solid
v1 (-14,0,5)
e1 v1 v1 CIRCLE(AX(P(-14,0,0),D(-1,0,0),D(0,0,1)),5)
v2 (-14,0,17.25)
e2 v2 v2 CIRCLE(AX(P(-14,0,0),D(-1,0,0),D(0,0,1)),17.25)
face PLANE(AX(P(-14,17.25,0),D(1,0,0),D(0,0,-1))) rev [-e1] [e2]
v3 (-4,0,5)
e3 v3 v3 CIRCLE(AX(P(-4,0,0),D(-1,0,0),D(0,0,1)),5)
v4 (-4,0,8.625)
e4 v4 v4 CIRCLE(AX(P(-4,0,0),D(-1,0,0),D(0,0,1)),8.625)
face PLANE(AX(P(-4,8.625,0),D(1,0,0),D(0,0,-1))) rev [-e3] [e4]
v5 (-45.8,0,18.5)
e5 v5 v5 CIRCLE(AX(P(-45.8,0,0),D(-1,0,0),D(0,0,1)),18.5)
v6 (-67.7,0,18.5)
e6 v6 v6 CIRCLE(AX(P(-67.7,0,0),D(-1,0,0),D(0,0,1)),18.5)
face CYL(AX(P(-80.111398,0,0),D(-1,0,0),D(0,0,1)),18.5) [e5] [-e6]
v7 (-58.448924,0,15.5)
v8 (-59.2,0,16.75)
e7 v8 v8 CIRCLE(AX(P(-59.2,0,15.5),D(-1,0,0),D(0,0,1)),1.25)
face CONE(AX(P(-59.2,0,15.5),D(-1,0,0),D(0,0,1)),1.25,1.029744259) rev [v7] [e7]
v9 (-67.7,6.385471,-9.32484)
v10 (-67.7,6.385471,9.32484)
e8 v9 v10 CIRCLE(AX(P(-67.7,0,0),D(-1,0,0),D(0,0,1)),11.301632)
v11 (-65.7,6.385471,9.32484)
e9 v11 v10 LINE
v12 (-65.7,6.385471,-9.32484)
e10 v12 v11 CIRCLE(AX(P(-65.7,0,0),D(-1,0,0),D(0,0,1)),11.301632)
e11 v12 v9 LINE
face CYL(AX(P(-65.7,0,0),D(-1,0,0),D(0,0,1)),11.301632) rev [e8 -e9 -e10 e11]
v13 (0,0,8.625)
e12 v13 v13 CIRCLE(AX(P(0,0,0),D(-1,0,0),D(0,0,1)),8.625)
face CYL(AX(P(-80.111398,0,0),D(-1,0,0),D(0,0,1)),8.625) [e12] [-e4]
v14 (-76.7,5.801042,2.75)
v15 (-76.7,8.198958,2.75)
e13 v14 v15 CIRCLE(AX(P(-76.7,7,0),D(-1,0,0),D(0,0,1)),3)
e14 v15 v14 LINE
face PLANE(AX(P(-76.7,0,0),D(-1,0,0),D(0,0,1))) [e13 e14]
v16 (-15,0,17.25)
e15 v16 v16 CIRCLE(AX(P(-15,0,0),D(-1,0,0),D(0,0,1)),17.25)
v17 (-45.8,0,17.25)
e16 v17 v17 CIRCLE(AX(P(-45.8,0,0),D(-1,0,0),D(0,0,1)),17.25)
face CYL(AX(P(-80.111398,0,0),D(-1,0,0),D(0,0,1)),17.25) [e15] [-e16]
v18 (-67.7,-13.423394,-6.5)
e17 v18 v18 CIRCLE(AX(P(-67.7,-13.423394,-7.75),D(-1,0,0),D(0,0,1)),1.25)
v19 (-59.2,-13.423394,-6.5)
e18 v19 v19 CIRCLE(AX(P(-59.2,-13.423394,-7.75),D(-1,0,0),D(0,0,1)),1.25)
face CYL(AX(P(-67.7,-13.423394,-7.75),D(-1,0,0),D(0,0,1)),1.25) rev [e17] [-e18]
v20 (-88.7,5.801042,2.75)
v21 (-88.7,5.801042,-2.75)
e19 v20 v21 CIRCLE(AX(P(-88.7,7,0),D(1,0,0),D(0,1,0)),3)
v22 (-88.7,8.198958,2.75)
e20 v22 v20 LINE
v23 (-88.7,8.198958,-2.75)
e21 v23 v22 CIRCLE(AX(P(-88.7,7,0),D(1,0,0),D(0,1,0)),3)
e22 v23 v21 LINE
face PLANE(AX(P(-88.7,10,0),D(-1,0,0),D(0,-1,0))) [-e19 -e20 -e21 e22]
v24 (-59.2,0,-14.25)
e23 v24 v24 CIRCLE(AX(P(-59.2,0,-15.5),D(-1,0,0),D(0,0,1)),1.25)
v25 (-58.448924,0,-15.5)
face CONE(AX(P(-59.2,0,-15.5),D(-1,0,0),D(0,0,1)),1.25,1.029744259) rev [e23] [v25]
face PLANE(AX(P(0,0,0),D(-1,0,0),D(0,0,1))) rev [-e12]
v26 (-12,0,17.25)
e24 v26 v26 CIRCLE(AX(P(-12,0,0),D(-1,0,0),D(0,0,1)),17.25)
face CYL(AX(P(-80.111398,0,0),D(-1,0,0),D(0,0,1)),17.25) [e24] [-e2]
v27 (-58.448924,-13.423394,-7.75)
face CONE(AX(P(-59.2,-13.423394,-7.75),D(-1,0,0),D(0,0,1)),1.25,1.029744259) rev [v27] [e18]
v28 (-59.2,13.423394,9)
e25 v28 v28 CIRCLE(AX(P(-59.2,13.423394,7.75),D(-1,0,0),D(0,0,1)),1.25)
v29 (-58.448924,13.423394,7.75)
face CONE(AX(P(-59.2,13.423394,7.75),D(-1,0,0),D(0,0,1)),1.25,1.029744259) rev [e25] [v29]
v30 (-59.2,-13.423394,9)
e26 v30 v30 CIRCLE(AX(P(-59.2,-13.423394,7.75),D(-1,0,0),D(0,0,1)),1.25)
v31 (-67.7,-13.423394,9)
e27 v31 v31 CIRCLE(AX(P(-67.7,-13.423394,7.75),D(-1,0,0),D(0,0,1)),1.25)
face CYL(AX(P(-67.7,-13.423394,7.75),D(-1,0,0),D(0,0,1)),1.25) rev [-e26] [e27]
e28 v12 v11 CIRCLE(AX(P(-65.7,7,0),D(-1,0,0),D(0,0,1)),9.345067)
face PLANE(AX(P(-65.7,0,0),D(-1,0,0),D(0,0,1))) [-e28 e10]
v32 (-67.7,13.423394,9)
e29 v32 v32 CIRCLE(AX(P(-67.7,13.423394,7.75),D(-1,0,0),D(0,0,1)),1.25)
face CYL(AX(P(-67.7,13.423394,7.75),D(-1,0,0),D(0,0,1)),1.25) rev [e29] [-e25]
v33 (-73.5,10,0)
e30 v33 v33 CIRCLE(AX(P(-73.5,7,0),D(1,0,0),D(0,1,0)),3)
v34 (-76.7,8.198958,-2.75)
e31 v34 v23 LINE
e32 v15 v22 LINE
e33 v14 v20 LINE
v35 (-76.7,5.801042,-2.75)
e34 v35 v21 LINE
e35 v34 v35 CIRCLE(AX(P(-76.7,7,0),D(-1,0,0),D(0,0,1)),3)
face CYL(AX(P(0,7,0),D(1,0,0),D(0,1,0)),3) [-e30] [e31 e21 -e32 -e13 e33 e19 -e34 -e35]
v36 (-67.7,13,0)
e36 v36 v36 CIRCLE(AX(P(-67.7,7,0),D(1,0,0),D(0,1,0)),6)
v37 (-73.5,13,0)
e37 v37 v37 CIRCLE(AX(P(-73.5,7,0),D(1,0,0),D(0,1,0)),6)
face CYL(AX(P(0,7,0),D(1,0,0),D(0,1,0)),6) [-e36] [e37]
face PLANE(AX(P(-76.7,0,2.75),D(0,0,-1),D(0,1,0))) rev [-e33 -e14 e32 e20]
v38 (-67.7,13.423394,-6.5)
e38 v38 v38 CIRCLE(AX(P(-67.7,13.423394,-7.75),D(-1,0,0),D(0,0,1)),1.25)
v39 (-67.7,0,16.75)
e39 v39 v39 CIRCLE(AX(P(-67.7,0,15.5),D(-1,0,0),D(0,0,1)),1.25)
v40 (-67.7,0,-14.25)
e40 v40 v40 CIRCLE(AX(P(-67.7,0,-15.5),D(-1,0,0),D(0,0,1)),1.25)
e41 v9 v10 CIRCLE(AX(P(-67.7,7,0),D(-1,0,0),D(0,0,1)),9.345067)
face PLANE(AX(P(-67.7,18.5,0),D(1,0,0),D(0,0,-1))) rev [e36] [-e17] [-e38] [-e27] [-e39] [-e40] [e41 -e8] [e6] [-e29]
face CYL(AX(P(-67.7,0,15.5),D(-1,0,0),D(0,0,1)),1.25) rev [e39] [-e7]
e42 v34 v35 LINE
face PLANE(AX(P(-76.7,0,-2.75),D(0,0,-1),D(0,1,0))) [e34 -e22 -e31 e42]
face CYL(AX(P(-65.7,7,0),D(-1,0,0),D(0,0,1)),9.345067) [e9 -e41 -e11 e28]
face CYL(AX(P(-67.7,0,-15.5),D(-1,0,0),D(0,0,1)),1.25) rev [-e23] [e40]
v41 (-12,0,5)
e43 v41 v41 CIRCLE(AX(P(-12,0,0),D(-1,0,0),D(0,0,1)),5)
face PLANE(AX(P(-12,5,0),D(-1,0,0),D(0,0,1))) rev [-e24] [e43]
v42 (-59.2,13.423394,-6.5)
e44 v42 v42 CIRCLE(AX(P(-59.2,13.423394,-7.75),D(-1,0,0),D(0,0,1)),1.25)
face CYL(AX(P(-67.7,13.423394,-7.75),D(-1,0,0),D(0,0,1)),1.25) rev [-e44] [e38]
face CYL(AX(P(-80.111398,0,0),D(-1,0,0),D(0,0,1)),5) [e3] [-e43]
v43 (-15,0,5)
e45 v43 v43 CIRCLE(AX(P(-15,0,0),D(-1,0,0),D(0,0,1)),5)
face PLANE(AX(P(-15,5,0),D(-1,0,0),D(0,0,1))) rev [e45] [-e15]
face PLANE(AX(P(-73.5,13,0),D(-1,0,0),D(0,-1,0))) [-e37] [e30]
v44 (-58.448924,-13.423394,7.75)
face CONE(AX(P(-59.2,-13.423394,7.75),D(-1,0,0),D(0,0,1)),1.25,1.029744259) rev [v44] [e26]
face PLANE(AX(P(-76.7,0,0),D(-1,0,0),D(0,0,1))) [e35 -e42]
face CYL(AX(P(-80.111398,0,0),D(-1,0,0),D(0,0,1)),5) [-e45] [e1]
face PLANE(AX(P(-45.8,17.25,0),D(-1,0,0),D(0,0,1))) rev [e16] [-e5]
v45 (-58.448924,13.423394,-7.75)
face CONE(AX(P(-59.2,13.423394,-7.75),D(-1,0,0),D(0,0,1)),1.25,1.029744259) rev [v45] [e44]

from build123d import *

# Parameters (mm, degrees)
CUT_EXTRUDE1_DEPTH        = 12
M3X0_5_TAPPED_HOLE1_D     = 2.5
M3X0_5_TAPPED_HOLE1_DEPTH = 8.5
M3X0_5_TAPPED_HOLE1_TIP   = 0.751075774
CUT_EXTRUDE2_DEPTH        = 2


with BuildPart() as part:
    # Sketch1 → MainBody (revolve)
    with BuildSketch(Plane.XY):
        Polygon((0, 0), (0, 8.625), (-4, 8.625), (-4, 5), (-12, 5), (-12, 17.25), (-14, 17.25), (-14, 5), (-15, 5), (-15, 17.25), (-45.8, 17.25), (-45.8, 18.5), (-67.7, 18.5), (-67.7, 0), align=None)
    revolve(axis=Axis((-80.111398028, 0, 0), (1, 0, 0)))

    # Sketch3 → SmallBoss (revolve)
    with BuildSketch(Plane.XY):
        Polygon((-67.7, 7), (-67.7, 13), (-73.5, 13), (-73.5, 10), (-88.7, 10), (-88.7, 7), align=None)
    revolve(axis=Axis((0, 7, 0), (-1, 0, 0)))

    # Sketch4 → Cut-Extrude1 (cut)
    with BuildSketch(Plane.ZY.offset(88.7)):
        with BuildLine():
            Line((-2.75, 5.801042119), (-2.75, 8.198957881))
            ThreePointArc((-2.75, 8.198957881), (-3, 7), (-2.75, 5.801042119))
        make_face()
        with BuildLine():
            ThreePointArc((3, 7), (2.936835031, 7.612372436), (2.75, 8.198957881))
            Line((2.75, 8.198957881), (2.75, 5.801042119))
            ThreePointArc((2.75, 5.801042119), (2.936835031, 6.387627564), (3, 7))
        make_face()
    extrude(amount=-CUT_EXTRUDE1_DEPTH, mode=Mode.SUBTRACT)

    # M3x0.5 Tapped Hole1
    with Locations(Plane.ZY.offset(67.7)):
        with Locations((7.75, 13.423393759), (15.5, 0), (7.75, -13.423393759), (-7.75, -13.423393759), (-15.5, 0), (-7.75, 13.423393759)):
            Hole(M3X0_5_TAPPED_HOLE1_D / 2, depth=M3X0_5_TAPPED_HOLE1_DEPTH)
            with Locations((0, 0, -(M3X0_5_TAPPED_HOLE1_DEPTH + M3X0_5_TAPPED_HOLE1_TIP / 2))):  # 118° drill point
                Cone(0, M3X0_5_TAPPED_HOLE1_D / 2, M3X0_5_TAPPED_HOLE1_TIP, mode=Mode.SUBTRACT)

    # Sketch9 → Cut-Extrude2 (cut)
    with BuildSketch(Plane.ZY.offset(67.7)):
        with BuildLine():
            ThreePointArc((-9.324839925, 6.385470704), (-3.342227597, -10.796128493), (11.301631552, 0))
            ThreePointArc((11.301631552, 0), (10.796128493, 3.342227597), (9.324839925, 6.385470704))
            ThreePointArc((9.324839925, 6.385470704), (0, -2.345067463), (-9.324839925, 6.385470704))
        make_face()
    extrude(amount=-CUT_EXTRUDE2_DEPTH, mode=Mode.SUBTRACT)


solid = part.part
